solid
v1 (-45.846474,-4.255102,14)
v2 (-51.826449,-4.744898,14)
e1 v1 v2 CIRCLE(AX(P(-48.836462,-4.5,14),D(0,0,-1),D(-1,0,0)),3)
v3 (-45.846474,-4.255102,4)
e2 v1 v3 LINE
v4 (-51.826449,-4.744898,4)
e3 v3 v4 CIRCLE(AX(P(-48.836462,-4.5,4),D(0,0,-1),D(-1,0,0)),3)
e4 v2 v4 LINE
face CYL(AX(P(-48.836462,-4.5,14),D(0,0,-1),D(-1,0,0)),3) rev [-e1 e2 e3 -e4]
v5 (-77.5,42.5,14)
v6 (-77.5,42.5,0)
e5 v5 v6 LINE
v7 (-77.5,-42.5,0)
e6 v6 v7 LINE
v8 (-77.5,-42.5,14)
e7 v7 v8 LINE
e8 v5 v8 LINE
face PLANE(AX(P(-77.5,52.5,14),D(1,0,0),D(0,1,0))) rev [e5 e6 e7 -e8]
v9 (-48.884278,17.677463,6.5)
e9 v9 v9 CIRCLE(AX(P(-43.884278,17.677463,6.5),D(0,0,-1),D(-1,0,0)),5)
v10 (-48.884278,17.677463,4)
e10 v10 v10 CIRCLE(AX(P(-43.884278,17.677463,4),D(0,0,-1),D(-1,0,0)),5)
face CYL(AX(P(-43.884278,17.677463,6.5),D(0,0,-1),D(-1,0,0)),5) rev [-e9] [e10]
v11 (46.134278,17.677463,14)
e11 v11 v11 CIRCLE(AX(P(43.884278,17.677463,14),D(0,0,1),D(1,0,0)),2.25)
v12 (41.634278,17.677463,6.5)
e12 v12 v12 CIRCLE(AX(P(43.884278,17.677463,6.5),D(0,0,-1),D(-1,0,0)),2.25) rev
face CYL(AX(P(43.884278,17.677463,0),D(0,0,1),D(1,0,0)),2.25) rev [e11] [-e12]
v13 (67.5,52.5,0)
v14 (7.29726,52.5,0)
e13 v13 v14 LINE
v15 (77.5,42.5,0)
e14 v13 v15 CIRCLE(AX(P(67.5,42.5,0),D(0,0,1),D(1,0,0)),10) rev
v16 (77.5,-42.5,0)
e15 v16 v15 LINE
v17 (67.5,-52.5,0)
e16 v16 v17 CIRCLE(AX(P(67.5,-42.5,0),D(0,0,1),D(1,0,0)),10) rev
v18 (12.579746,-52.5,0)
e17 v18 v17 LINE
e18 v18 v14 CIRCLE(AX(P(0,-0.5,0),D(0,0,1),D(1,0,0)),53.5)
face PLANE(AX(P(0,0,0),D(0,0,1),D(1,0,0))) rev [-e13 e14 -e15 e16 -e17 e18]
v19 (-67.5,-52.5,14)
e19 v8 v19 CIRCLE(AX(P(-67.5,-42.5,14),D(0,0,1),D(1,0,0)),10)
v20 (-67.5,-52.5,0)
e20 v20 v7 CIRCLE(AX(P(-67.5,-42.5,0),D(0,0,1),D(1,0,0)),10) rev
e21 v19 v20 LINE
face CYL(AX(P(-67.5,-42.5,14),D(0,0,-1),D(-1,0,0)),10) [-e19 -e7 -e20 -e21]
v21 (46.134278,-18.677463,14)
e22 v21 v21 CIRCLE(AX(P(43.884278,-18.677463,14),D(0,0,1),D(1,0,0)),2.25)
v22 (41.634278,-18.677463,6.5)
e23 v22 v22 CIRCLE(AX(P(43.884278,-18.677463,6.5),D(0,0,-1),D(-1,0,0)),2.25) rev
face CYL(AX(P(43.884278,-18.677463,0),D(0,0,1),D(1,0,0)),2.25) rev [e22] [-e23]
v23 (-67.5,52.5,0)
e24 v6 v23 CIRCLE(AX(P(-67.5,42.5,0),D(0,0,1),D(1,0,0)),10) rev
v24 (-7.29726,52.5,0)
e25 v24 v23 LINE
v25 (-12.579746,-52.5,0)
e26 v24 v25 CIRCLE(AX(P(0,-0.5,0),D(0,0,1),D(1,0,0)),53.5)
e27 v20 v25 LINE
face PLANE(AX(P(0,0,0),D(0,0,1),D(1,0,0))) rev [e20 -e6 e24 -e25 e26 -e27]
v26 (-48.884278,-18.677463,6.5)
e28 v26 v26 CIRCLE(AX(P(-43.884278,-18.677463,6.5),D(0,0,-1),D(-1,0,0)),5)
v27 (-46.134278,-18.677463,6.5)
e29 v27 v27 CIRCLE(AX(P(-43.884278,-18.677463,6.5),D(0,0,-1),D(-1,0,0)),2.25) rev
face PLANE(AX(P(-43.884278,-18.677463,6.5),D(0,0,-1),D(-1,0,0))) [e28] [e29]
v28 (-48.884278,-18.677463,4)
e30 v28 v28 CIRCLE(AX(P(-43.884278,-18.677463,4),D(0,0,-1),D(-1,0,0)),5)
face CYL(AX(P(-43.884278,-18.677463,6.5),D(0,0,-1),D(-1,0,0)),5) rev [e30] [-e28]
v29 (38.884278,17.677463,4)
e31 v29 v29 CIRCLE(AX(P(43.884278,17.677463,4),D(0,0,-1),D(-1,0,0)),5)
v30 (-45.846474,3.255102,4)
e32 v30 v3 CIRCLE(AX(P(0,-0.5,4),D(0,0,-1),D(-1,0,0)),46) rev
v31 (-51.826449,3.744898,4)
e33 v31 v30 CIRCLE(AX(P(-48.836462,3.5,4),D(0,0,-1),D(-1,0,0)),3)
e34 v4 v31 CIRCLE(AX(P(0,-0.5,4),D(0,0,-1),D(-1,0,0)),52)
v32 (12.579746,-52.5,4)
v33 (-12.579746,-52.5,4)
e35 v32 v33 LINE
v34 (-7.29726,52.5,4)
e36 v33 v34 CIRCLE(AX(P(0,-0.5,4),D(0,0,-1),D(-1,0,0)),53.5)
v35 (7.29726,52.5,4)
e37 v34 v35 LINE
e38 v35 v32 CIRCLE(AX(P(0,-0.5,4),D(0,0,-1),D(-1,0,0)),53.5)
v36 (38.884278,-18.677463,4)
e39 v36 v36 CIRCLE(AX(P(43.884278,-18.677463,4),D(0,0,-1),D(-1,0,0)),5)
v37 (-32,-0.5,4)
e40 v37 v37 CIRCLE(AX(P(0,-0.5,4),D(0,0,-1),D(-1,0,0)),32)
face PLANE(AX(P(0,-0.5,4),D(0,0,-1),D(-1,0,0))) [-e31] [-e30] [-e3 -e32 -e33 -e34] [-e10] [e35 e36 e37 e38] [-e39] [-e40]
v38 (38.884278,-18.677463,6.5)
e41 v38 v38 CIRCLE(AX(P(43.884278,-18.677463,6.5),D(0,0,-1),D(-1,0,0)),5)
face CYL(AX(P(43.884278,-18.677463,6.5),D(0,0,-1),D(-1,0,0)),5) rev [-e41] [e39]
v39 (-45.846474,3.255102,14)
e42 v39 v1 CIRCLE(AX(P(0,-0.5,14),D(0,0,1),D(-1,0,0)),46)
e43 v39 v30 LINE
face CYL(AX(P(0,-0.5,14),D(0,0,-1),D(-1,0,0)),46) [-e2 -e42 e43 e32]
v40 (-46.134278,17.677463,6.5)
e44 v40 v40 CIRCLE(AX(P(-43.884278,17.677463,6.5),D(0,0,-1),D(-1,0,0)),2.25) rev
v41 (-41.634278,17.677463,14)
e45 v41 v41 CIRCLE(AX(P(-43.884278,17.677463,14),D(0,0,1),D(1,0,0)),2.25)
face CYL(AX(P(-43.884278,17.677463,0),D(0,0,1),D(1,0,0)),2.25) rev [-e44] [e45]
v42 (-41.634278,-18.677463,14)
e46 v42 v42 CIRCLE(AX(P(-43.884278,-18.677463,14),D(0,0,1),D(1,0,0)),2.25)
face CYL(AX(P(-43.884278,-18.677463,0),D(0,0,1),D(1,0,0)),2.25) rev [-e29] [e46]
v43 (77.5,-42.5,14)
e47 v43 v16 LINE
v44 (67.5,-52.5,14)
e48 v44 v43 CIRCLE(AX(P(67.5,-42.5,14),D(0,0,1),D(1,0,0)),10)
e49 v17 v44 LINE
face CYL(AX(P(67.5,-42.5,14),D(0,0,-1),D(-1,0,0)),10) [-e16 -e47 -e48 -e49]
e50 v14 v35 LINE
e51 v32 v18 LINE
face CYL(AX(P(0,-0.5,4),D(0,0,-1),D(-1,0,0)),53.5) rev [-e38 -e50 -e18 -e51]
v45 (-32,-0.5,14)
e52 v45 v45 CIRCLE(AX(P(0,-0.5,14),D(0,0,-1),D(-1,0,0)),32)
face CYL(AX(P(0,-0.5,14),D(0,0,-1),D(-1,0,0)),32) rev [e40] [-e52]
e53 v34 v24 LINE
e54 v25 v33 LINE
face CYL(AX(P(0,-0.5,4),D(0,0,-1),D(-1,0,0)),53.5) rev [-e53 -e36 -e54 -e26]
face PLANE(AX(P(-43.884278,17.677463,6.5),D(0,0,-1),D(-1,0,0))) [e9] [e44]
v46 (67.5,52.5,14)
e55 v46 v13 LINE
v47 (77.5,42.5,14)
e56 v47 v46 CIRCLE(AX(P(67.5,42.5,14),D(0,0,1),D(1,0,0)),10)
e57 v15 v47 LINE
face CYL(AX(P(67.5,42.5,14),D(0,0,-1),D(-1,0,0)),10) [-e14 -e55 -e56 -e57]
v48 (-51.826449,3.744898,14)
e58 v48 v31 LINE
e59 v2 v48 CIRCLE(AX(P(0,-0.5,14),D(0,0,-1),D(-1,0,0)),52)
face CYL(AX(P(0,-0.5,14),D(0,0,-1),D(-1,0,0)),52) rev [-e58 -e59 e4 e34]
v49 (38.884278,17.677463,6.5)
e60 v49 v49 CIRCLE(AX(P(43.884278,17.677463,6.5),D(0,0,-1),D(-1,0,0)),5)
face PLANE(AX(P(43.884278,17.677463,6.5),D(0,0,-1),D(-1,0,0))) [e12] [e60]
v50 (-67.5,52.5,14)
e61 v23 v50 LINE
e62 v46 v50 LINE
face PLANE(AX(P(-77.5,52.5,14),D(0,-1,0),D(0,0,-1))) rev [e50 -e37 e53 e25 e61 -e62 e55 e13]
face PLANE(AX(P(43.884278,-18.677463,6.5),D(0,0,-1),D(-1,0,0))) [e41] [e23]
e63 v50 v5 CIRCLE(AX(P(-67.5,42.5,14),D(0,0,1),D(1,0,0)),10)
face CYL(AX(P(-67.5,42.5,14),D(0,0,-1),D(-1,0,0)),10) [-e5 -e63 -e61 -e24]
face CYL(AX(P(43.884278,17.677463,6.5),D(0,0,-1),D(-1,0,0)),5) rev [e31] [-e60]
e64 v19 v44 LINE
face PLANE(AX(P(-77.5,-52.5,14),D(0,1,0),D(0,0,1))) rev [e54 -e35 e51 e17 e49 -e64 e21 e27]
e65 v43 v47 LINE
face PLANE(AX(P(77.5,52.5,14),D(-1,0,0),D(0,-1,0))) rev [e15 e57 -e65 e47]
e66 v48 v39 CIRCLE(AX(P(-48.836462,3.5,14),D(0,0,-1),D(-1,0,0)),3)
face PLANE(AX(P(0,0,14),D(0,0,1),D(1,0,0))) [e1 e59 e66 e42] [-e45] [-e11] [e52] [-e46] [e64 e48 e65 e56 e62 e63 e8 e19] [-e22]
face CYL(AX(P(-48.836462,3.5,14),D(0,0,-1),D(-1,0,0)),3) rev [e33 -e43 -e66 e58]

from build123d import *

# Parameters (mm, degrees)
SKETCH2_W           = 155
SKETCH2_H           = 105
BOSS_EXTRUDE1_DEPTH = 14
SKETCH3_R           = 53.5
CUT_EXTRUDE1_DEPTH  = 4
SKETCH4_R           = 32
CUT_EXTRUDE2_DEPTH  = 10
FILLET1_R           = 10
SKETCH5_R           = 2.25
CUT_EXTRUDE3_DEPTH  = 95.649352877
CUT_EXTRUDE4_DEPTH  = 95.649352877
SKETCH8_R           = 5
CUT_EXTRUDE6_DEPTH  = 2.5


with BuildPart() as part:
    # Sketch2 → Boss-Extrude1 (new body)
    with BuildSketch(Plane.XY):
        Rectangle(SKETCH2_W, SKETCH2_H)
    extrude(amount=BOSS_EXTRUDE1_DEPTH)

    # Sketch3 → Cut-Extrude1 (cut)
    with BuildSketch(Plane(origin=(0, 0, 0), x_dir=(-1, 0, 0), z_dir=(0, 0, -1))):
        with Locations((0, -0.5)):
            Circle(SKETCH3_R)
    extrude(amount=-CUT_EXTRUDE1_DEPTH, mode=Mode.SUBTRACT)

    # Sketch4 → Cut-Extrude2 (cut)
    with BuildSketch(Plane(origin=(0, 0, 4), x_dir=(-1, 0, 0), z_dir=(0, 0, -1))):
        with Locations((0, -0.5)):
            Circle(SKETCH4_R)
    extrude(amount=-CUT_EXTRUDE2_DEPTH, mode=Mode.SUBTRACT)

    # Fillet1
    fillet1_edges = [part.edges().sort_by_distance(p)[0] for p in [
        (77.5, -52.5, 7),
        (-77.5, -52.5, 7),
        (-77.5, 52.5, 7),
        (77.5, 52.5, 7),
    ]]
    fillet(fillet1_edges, radius=FILLET1_R)

    # Sketch5 → Cut-Extrude3 (cut, through all)
    with BuildSketch(Plane.XY.offset(14)):
        with Locations((43.884277794, 17.677463037)):
            Circle(SKETCH5_R)
        with Locations((43.884277794, -18.677463037)):
            Circle(SKETCH5_R)
        with Locations((-43.884277794, -18.677463037)):
            Circle(SKETCH5_R)
        with Locations((-43.884277794, 17.677463037)):
            Circle(SKETCH5_R)
    extrude(amount=-CUT_EXTRUDE3_DEPTH, mode=Mode.SUBTRACT)

    # Sketch6 → Cut-Extrude4 (cut, through all)
    with BuildSketch(Plane(origin=(0, 0, 0), x_dir=(-1, 0, 0), z_dir=(0, 0, -1))):
        with BuildLine():
            ThreePointArc((45.846474332, -4.255102041), (46, -0.5), (45.846474332, 3.255102041))
            ThreePointArc((45.846474332, 3.255102041), (48.591563829, 6.489987456), (51.826449245, 3.744897959))
            ThreePointArc((51.826449245, 3.744897959), (52, -0.5), (51.826449245, -4.744897959))
            ThreePointArc((51.826449245, -4.744897959), (48.591563829, -7.489987456), (45.846474332, -4.255102041))
        make_face()
    extrude(amount=-CUT_EXTRUDE4_DEPTH, mode=Mode.SUBTRACT)

    # Sketch8 → Cut-Extrude6 (cut)
    with BuildSketch(Plane(origin=(0, 0, 4), x_dir=(-1, 0, 0), z_dir=(0, 0, -1))):
        with Locations((43.884277794, 17.677463037)):
            Circle(SKETCH8_R)
        with Locations((43.884277794, -18.677463037)):
            Circle(SKETCH8_R)
        with Locations((-43.884277794, 17.677463037)):
            Circle(SKETCH8_R)
        with Locations((-43.884277794, -18.677463037)):
            Circle(SKETCH8_R)
    extrude(amount=-CUT_EXTRUDE6_DEPTH, mode=Mode.SUBTRACT)


solid = part.part
